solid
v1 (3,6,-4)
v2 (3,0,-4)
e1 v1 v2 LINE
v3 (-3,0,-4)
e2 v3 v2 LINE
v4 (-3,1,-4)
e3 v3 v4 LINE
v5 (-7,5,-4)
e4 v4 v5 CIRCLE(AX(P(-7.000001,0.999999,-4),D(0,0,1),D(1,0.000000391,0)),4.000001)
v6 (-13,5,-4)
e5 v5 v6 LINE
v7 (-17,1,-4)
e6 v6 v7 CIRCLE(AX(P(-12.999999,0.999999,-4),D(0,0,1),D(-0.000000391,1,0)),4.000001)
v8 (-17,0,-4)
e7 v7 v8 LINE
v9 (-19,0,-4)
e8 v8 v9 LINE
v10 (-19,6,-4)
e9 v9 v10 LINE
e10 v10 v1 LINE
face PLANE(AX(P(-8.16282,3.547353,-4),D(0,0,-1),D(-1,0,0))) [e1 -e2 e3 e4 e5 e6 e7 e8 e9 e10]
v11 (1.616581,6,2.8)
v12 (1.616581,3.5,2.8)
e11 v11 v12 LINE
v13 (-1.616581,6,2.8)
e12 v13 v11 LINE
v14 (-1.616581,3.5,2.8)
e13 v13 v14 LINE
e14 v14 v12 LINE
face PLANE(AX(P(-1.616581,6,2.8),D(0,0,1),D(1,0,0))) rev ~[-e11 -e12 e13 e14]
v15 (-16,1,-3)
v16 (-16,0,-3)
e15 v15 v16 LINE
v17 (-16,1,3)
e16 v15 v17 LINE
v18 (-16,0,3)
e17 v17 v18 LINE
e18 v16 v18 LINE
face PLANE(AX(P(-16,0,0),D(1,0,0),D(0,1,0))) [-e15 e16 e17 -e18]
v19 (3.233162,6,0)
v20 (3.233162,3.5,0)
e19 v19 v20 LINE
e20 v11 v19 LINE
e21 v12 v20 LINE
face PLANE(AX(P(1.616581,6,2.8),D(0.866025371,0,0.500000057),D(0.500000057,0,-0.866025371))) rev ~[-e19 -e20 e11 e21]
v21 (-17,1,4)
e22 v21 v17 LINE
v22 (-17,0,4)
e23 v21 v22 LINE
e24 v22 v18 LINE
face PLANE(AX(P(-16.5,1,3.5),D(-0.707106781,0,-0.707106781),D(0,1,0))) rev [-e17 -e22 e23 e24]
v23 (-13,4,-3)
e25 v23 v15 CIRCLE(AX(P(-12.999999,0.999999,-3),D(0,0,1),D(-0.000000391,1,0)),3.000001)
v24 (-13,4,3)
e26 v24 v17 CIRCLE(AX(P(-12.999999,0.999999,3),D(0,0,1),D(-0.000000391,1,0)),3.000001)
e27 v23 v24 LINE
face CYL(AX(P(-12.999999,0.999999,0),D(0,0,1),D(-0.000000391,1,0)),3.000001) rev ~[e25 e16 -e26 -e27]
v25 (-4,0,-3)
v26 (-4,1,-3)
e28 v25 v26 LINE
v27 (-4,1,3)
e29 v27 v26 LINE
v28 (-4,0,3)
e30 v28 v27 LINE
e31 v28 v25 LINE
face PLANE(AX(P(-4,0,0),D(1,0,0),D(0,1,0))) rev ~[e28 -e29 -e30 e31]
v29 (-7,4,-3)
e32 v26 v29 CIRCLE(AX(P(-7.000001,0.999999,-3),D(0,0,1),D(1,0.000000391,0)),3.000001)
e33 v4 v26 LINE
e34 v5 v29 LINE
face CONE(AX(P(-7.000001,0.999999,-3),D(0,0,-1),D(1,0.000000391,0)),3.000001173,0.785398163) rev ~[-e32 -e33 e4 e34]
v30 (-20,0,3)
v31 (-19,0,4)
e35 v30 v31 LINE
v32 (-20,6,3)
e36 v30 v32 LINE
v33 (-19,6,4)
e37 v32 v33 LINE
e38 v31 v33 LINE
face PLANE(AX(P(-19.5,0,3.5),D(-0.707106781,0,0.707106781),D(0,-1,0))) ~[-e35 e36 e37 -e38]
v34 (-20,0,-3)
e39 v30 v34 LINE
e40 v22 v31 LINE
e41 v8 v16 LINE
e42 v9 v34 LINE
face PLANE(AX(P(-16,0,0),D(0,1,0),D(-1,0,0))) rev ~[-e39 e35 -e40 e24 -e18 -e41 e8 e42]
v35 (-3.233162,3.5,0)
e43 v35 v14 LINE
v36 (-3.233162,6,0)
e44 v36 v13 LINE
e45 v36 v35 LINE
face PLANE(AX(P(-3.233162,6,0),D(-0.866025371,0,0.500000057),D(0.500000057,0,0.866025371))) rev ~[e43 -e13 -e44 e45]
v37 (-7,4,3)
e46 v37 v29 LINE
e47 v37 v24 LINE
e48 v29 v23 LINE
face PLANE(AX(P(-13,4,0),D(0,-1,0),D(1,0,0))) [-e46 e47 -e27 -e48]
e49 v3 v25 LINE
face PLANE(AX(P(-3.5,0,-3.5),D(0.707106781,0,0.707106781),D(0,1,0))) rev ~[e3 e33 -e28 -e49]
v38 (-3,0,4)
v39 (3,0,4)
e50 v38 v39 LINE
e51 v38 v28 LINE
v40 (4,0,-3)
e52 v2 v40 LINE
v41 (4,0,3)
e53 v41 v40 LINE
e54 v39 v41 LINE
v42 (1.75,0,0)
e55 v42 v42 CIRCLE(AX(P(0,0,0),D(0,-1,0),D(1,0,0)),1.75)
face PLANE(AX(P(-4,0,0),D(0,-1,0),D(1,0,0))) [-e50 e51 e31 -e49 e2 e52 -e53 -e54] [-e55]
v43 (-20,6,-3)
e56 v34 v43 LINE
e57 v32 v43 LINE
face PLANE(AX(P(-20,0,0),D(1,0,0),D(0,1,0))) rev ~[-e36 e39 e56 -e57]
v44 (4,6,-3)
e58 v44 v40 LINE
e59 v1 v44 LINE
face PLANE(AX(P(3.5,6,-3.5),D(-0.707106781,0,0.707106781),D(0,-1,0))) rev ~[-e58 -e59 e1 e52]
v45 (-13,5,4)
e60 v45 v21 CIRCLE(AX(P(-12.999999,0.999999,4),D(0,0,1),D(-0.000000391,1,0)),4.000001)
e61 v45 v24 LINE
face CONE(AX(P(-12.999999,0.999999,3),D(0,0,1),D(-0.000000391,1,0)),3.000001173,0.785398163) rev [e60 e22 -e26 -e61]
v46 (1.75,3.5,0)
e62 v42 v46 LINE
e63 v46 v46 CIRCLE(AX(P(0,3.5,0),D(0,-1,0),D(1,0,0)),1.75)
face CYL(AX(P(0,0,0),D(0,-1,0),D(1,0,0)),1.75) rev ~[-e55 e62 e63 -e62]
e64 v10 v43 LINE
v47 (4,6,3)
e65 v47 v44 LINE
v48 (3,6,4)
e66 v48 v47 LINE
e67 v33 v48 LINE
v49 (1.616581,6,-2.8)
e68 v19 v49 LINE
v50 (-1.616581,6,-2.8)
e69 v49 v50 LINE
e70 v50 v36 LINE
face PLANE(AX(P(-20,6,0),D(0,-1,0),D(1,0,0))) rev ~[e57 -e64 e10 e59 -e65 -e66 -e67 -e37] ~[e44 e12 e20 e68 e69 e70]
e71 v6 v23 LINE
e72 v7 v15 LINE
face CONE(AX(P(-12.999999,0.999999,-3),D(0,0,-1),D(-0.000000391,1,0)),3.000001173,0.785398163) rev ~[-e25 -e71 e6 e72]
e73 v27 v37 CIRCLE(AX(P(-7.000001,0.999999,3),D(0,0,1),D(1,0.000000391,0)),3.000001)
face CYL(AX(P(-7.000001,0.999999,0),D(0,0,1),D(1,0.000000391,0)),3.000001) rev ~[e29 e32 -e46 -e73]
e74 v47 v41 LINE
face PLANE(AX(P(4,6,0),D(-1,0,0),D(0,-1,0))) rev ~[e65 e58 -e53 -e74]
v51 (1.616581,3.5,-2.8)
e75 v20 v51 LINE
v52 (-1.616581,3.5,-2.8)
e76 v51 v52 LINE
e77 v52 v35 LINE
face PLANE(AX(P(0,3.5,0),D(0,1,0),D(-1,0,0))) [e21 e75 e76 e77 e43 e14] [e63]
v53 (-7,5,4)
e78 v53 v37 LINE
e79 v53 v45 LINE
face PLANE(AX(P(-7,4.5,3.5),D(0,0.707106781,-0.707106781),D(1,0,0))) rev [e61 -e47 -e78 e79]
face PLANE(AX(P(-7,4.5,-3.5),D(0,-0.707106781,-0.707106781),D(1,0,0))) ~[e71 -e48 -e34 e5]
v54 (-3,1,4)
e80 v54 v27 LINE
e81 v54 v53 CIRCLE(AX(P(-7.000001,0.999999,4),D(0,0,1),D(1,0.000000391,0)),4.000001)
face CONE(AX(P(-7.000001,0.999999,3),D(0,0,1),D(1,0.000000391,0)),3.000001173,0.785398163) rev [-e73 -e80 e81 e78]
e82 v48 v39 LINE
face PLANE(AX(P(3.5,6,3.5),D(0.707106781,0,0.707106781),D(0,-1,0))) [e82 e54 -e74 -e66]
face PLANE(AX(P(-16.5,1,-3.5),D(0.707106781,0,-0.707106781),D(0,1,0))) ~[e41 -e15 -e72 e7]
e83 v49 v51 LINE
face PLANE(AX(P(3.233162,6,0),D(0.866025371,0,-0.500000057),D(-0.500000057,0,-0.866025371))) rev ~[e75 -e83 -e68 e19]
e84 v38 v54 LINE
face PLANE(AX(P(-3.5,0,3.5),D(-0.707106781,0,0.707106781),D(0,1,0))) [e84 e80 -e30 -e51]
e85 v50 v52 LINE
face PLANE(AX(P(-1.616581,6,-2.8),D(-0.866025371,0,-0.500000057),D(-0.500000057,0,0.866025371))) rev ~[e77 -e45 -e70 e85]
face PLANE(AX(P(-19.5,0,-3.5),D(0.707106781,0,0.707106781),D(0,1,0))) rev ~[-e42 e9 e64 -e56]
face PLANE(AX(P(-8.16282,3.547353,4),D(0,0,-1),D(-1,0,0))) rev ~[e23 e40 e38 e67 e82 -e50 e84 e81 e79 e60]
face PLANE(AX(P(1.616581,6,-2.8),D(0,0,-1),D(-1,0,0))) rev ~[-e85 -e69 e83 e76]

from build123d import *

# Parameters (mm, degrees)
PAD_DEPTH       = 4
PAD_DEPTH_BACK  = 4
SKETCH001_R     = 1.75
POCKET_DEPTH    = 6.001
CHAMFER_SIZE    = 1
POCKET001_DEPTH = 2.5
CHAMFER001_SIZE = 1


with BuildPart() as part:
    # Sketch → Pad (new body, two sides)
    with BuildSketch(Plane.XY) as pad_sk:
        with BuildLine():
            Line((-16, 0), (-20, 0))
            Line((-20, 0), (-20, 6))
            Line((-20, 6), (4, 6))
            Line((4, 6), (4, 0))
            Line((-4, 0), (4, 0))
            Line((-4, 0), (-4, 1))
            ThreePointArc((-4, 1), (-4.87868, 3.12132), (-7, 4))
            Line((-13, 4), (-7, 4))
            ThreePointArc((-13, 4), (-15.12132, 3.12132), (-16, 1))
            Line((-16, 0), (-16, 1))
        make_face()
    extrude(amount=PAD_DEPTH)
    extrude(pad_sk.sketch, amount=-PAD_DEPTH_BACK)

    # Sketch001 → Pocket (cut, through all)
    with BuildSketch(Plane.XZ):
        Circle(SKETCH001_R)
    extrude(amount=-POCKET_DEPTH, mode=Mode.SUBTRACT)

    # Chamfer
    chamfer_edges = [part.edges().sort_by_distance(p)[0] for p in [
        (-20, 3, 4),
        (4, 3, 4),
        (4, 3, -4),
        (-20, 3, -4),
    ]]
    chamfer(chamfer_edges, length=CHAMFER_SIZE)

    # Sketch002 (on DatumPlane) → Pocket001 (cut)
    with BuildSketch(Plane(origin=(0, 6, 0), x_dir=(-1, 0, 0), z_dir=(0, 1, 0))):
        Polygon((3.233162, 0), (1.616581, 2.8), (-1.616581, 2.8), (-3.233162, 0), (-1.616581, -2.8), (1.616581, -2.8), align=None)
    extrude(amount=-POCKET001_DEPTH, mode=Mode.SUBTRACT)

    # Chamfer001
    chamfer001_edges = [part.edges().sort_by_distance(p)[0] for p in [
        (-4, 0.5, 4),
        (-4, 0.5, -4),
    ]]
    chamfer(chamfer001_edges, length=CHAMFER001_SIZE)


solid = part.part
